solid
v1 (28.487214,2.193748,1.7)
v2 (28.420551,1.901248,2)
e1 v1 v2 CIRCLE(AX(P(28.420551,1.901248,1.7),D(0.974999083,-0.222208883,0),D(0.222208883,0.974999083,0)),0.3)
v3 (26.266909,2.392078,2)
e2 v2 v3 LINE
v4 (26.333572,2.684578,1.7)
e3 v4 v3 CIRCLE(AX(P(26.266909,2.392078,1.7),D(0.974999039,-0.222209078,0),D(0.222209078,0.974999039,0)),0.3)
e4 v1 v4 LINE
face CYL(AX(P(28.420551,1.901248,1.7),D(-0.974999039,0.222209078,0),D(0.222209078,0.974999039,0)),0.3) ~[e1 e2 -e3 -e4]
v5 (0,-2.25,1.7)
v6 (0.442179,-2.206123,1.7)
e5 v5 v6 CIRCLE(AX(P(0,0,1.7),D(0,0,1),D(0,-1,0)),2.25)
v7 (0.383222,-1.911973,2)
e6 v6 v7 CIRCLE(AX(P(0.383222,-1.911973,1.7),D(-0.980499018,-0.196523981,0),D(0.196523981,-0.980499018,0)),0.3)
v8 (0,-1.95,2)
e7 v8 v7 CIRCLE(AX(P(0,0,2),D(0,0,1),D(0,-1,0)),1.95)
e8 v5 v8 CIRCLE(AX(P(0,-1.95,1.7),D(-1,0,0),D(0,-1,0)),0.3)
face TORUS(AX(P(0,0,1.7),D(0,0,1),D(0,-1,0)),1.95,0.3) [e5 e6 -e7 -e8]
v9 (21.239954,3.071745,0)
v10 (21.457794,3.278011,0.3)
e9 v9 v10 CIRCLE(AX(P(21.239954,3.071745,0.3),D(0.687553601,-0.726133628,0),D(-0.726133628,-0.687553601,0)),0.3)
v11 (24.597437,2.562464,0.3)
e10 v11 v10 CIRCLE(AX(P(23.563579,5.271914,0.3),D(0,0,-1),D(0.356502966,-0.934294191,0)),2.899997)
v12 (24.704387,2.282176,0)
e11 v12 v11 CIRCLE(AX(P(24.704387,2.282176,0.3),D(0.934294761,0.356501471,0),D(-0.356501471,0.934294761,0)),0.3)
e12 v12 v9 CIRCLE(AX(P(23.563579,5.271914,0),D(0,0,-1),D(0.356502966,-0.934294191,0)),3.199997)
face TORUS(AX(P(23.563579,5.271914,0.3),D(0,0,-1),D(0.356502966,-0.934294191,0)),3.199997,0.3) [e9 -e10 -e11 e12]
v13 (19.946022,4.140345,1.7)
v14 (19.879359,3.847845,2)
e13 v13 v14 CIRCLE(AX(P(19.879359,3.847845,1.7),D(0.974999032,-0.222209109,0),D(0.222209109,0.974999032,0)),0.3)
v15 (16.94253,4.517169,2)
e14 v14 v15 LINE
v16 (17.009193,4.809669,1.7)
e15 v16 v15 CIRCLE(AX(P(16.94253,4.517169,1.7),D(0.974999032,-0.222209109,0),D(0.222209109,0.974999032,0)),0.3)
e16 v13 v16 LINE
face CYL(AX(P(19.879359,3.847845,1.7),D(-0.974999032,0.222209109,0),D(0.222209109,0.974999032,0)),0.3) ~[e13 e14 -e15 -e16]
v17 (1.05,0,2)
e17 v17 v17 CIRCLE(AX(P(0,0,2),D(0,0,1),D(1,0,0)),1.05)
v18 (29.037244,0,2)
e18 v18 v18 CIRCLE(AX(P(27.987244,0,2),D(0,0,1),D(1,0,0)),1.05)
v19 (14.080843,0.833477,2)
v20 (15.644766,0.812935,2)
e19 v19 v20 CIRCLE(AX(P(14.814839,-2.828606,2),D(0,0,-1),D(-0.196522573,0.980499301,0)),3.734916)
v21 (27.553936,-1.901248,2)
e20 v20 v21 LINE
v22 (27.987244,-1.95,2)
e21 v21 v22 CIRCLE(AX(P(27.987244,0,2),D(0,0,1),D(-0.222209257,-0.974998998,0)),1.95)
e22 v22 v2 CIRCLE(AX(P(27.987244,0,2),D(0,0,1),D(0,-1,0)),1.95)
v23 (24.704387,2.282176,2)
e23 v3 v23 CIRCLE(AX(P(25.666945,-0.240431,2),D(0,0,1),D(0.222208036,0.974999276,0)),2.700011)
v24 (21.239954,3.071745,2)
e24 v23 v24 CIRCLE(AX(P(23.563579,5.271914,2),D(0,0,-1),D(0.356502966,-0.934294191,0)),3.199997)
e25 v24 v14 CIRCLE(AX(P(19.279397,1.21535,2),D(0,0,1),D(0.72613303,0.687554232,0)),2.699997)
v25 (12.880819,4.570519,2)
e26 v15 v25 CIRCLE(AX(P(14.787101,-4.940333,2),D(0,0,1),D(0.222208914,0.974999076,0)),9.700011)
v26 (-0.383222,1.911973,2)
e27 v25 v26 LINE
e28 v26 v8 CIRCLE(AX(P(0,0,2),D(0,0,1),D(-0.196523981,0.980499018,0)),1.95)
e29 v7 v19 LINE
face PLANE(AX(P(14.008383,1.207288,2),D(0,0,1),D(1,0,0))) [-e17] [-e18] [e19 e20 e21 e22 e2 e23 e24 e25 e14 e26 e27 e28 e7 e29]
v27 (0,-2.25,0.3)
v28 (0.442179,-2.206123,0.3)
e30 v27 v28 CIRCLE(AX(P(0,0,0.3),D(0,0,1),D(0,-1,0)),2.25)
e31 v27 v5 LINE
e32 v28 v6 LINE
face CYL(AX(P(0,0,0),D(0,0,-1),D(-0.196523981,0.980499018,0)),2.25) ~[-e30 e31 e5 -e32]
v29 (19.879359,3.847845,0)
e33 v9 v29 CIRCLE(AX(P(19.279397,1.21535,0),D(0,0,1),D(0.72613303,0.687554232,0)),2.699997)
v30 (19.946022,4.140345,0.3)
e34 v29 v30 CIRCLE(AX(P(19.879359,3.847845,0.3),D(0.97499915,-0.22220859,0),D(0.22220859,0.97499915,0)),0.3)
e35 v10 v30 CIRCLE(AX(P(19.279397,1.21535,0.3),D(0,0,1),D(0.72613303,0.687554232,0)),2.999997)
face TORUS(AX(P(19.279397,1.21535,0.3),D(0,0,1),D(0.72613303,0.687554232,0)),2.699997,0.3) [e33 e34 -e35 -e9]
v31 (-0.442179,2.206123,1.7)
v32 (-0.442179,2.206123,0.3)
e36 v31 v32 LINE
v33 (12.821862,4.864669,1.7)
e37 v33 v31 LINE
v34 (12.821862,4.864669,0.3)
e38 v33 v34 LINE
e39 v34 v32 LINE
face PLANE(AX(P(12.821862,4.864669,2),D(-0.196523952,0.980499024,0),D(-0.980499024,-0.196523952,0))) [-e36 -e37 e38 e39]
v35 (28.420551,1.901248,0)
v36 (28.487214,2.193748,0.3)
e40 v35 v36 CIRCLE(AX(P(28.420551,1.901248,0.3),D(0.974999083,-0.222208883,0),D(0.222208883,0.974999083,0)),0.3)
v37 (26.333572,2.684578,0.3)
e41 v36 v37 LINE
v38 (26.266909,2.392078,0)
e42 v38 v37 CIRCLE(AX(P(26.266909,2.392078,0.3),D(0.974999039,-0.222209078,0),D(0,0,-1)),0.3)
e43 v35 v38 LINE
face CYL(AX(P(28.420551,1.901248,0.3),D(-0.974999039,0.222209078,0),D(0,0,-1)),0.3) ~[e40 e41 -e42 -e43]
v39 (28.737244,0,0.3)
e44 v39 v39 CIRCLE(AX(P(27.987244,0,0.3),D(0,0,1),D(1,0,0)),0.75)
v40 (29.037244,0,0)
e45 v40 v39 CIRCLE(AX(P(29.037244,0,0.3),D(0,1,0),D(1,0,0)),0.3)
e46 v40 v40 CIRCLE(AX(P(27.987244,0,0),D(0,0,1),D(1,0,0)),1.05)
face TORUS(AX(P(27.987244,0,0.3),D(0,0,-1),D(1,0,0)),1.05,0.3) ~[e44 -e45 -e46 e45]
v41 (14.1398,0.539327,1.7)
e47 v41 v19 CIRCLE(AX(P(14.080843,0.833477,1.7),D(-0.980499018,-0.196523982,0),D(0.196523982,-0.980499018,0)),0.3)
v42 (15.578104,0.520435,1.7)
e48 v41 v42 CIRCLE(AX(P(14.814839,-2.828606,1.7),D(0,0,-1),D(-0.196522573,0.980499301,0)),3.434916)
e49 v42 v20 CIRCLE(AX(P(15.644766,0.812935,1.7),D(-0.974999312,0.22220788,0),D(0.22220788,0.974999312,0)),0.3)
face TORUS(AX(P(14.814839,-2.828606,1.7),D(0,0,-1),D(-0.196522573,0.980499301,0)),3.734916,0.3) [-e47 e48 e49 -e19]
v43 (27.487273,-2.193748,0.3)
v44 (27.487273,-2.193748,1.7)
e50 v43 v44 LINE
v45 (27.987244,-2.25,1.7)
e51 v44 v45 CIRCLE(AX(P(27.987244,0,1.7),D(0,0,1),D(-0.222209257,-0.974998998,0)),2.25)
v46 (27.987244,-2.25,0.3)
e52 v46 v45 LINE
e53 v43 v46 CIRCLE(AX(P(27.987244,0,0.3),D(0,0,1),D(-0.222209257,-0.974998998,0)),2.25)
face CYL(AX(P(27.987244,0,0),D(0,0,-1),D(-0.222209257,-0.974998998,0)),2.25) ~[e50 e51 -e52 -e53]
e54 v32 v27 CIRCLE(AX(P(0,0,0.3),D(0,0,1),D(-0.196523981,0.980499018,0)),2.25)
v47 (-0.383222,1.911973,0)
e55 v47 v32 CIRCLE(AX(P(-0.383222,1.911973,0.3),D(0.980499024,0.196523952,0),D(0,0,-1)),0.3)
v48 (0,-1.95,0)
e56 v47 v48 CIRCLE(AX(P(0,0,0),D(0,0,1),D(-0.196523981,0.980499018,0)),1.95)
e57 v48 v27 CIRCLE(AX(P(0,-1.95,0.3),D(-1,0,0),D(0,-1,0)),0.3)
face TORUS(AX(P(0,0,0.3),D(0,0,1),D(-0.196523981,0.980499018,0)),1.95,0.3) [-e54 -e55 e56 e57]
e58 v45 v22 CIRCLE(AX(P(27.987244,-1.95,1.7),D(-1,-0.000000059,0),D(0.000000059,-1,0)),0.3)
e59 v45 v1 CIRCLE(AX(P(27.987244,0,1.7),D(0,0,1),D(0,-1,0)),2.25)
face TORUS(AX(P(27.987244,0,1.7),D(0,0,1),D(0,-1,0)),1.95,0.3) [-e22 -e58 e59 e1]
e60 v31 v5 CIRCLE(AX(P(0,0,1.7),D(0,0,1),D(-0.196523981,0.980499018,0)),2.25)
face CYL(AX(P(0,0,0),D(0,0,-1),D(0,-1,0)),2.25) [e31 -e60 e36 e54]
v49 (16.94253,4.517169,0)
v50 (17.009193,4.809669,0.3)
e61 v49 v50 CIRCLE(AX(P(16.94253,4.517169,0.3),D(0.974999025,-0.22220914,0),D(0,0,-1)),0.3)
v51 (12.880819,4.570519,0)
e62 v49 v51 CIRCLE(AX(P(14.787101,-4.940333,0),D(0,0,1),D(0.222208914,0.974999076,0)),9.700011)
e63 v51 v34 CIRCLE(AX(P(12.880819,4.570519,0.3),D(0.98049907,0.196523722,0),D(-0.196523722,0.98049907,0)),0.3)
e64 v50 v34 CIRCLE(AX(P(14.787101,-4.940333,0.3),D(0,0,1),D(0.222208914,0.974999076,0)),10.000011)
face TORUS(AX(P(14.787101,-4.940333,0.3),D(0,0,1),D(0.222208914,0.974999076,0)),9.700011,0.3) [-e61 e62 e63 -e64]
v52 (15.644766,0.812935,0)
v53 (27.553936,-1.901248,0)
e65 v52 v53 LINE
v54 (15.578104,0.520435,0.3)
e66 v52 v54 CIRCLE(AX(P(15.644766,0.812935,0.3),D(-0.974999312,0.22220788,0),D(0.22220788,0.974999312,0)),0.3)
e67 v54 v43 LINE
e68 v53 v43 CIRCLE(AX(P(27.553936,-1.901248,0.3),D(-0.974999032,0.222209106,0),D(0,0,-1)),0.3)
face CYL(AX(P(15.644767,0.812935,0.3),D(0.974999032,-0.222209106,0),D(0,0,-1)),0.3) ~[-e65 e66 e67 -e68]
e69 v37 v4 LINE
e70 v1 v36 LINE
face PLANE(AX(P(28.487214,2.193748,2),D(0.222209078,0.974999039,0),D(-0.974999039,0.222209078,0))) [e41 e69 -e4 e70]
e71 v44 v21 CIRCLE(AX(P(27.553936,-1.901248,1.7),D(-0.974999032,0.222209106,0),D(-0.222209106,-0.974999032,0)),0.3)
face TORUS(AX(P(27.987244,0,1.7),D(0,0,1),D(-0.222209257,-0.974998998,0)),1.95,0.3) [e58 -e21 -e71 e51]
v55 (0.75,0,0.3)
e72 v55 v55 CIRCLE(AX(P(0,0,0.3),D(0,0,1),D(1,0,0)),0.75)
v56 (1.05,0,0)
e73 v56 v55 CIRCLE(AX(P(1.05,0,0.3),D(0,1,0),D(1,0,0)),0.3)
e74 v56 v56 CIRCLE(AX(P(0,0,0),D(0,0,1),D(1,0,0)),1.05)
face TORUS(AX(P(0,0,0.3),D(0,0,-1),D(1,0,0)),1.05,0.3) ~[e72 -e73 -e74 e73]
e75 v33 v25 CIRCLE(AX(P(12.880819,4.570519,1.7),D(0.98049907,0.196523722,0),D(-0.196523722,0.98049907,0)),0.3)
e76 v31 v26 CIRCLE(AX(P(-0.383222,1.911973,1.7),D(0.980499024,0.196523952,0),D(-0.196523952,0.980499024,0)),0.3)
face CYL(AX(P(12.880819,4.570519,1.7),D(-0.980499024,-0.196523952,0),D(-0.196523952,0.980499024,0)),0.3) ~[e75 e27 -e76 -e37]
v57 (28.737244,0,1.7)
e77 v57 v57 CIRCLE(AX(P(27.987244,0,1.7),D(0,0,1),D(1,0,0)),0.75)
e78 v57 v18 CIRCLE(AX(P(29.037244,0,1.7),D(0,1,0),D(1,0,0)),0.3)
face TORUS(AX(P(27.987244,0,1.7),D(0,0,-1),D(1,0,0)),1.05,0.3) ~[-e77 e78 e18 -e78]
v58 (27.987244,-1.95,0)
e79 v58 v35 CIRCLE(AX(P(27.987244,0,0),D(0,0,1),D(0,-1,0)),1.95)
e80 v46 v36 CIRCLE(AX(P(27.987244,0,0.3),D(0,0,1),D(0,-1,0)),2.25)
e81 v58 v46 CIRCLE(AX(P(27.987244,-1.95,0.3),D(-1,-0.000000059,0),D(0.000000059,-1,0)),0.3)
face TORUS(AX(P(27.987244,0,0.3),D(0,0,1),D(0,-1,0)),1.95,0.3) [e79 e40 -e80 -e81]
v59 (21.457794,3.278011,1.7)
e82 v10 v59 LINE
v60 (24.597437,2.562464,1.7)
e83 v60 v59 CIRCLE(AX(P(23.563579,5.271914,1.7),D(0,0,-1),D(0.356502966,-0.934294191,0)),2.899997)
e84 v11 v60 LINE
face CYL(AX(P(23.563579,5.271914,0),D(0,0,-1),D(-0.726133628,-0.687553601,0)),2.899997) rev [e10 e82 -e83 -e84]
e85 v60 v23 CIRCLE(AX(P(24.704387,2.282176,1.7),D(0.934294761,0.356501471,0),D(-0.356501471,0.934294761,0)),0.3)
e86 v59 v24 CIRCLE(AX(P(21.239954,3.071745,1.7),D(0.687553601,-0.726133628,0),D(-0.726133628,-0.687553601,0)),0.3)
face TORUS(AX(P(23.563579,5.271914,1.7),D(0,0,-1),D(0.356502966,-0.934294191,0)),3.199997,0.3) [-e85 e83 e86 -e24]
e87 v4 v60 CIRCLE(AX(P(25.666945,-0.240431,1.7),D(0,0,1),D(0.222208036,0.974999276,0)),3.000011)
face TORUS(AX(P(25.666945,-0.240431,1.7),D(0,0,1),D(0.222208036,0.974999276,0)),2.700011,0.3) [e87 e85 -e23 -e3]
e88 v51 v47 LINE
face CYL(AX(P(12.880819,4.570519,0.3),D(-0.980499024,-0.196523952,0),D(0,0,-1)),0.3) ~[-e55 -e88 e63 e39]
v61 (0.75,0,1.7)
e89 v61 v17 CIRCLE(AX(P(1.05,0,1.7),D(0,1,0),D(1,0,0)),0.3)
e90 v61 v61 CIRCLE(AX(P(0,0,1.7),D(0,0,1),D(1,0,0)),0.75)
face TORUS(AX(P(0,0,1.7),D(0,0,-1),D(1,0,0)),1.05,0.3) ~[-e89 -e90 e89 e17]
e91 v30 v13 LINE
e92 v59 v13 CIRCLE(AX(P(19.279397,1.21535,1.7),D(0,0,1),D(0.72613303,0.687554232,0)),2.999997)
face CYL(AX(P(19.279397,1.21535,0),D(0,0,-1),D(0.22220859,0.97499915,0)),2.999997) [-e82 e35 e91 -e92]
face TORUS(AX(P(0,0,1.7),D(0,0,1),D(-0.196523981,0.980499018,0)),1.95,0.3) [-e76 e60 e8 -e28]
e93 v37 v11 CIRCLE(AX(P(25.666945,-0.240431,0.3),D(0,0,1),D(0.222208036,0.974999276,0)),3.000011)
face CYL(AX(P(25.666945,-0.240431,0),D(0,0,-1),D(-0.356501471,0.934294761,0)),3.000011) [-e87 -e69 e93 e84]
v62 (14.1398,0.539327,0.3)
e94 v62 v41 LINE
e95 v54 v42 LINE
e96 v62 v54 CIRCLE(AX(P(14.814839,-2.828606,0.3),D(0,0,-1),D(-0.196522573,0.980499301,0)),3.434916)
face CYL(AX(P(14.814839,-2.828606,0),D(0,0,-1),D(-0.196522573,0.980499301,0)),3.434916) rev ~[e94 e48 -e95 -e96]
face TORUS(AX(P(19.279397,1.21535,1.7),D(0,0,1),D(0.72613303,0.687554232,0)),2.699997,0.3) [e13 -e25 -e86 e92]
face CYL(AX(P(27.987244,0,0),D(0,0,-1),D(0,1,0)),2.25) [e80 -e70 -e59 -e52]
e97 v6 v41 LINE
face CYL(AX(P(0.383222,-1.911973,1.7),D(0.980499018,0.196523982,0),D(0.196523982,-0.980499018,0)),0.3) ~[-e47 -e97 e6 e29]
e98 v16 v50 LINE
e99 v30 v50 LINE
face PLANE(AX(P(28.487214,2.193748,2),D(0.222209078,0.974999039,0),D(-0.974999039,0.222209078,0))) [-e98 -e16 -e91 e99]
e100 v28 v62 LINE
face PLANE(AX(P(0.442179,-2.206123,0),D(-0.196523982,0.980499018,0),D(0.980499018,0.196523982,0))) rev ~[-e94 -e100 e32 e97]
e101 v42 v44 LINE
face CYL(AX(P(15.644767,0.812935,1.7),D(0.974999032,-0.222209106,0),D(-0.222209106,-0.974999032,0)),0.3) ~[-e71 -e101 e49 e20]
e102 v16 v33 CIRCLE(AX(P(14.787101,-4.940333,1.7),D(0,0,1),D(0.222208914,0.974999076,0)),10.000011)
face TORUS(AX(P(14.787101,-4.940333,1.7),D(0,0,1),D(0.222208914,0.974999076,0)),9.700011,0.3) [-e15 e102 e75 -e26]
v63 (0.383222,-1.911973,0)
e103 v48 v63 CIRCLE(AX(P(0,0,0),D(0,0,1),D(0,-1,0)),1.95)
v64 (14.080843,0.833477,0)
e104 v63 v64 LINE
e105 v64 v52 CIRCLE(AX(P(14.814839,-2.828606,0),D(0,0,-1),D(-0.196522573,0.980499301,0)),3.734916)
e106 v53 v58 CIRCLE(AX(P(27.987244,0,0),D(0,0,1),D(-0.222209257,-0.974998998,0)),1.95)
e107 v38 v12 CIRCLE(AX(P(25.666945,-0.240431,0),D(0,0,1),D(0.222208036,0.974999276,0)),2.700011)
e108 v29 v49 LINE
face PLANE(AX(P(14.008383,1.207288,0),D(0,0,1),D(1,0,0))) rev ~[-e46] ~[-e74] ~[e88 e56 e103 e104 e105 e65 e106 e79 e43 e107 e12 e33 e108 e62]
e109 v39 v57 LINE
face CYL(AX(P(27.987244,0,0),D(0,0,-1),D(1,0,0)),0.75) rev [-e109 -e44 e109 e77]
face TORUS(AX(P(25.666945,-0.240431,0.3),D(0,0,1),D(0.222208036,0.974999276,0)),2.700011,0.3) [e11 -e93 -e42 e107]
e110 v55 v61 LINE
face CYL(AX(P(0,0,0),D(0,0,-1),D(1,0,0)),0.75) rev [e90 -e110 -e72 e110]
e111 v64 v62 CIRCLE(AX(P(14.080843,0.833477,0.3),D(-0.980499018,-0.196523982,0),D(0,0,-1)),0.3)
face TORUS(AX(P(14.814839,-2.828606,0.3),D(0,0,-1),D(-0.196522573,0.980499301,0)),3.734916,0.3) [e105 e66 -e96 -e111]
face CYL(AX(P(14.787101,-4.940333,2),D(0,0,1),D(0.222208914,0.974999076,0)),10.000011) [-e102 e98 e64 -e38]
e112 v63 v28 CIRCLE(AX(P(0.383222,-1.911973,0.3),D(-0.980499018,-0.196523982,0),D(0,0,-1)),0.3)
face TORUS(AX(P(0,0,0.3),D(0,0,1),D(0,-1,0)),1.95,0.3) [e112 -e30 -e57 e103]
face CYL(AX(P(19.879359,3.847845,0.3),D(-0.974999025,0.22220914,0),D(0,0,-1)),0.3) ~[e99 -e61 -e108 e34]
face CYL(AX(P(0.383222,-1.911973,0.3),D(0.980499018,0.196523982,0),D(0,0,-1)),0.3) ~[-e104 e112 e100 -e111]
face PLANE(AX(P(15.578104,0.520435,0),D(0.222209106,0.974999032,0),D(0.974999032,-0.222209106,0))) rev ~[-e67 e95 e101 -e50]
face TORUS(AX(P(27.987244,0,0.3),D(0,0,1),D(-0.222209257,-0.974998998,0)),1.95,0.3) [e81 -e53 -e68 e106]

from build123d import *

# Parameters (mm, degrees)
SKETCH1_R               = 0.75
BOSS_EXTRUDE1_DEPTH     = 2
SKETCH3_OUTSIDE_W       = 41.059
SKETCH3_OUTSIDE_H       = 13.072
CUT_EXTRUDE4_DEPTH      = 3
SKETCH4_R               = 0.75
BOSS_EXTRUDE2_DEPTH     = 2
SKETCH6_R               = 1
CUT_EXTRUDE6_DEPTH      = 3
CUT_EXTRUDE6_DEPTH_BACK = 1
FILLET1_R               = 0.3


with BuildPart() as part:
    # Sketch1 → Boss-Extrude1 (new body)
    with BuildSketch(Plane.XY):
        with BuildLine():
            Line((0, 2.25), (27.987244, 2.25))
            ThreePointArc((27.987244, 2.25), (30.237244, 0), (27.987244, -2.25))
            Line((27.987244, -2.25), (0, -2.25))
            ThreePointArc((0, -2.25), (-2.25, 0), (0, 2.25))
        make_face()
        Circle(SKETCH1_R, mode=Mode.SUBTRACT)
        with Locations((27.987244, 0)):
            Circle(SKETCH1_R, mode=Mode.SUBTRACT)
    extrude(amount=BOSS_EXTRUDE1_DEPTH)

    # Sketch3 outside → Cut-Extrude4 (cut, through all)
    with BuildSketch(Plane.XY):
        with Locations((13.9935, 0)):
            Rectangle(SKETCH3_OUTSIDE_W, SKETCH3_OUTSIDE_H)
        with BuildLine():
            Line((0.442179, -2.206123), (14.1398, 0.539327))
            ThreePointArc((14.1398, 0.539327), (14.859952, 0.606014), (15.578104, 0.520435))
            Line((15.578104, 0.520435), (27.487273, -2.193748))
            ThreePointArc((27.487273, -2.193748), (30.180992, -0.49997), (28.487214, 2.193748))
            Line((28.487214, 2.193748), (17.009193, 4.809669))
            ThreePointArc((17.009193, 4.809669), (14.918439, 5.058816), (12.821862, 4.864669))
            Line((12.821862, 4.864669), (-0.442179, 2.206123))
            ThreePointArc((-0.442179, 2.206123), (-2.206123, -0.442179), (0.442179, -2.206123))
        make_face(mode=Mode.SUBTRACT)
    extrude(amount=CUT_EXTRUDE4_DEPTH, mode=Mode.SUBTRACT)

    # Sketch4 → Boss-Extrude2 (add)
    with BuildSketch(Plane.XY.offset(2)):
        with BuildLine():
            Line((12.821862, 4.864669), (-0.442179, 2.206123))
            ThreePointArc((-0.442179, 2.206123), (-2.206123, -0.442179), (0.442179, -2.206123))
            Line((0.442179, -2.206123), (14.1398, 0.539327))
            ThreePointArc((14.1398, 0.539327), (14.859952, 0.606014), (15.578104, 0.520435))
            Line((15.578104, 0.520435), (27.487273, -2.193748))
            ThreePointArc((27.487273, -2.193748), (30.180992, -0.49997), (28.487214, 2.193748))
            Line((28.487214, 2.193748), (17.009193, 4.809669))
            ThreePointArc((17.009193, 4.809669), (14.918439, 5.058816), (12.821862, 4.864669))
        make_face()
        with Locations((27.987244, 0)):
            Circle(SKETCH4_R, mode=Mode.SUBTRACT)
        Circle(SKETCH4_R, mode=Mode.SUBTRACT)
    extrude(amount=-BOSS_EXTRUDE2_DEPTH)

    # Sketch6 → Cut-Extrude6 (cut, two sides)
    with BuildSketch(Plane.XY) as cut_extrude6_sk:
        with BuildLine():
            Line((26.333572, 2.684578), (28.487214, 2.193748))
            Line((28.487214, 2.193748), (29.127227, 6.389132))
            Line((29.127227, 6.389132), (19.031577, 7.177512))
            Line((19.031577, 7.177512), (18.760134, 4.410617))
            Line((18.760134, 4.410617), (19.946022, 4.140345))
            ThreePointArc((19.946022, 4.140345), (20.765816, 3.821217), (21.457794, 3.278011))
            ThreePointArc((21.457794, 3.278011), (22.919174, 2.44442), (24.597437, 2.562464))
            ThreePointArc((24.597437, 2.562464), (25.456455, 2.752187), (26.333572, 2.684578))
        make_face()
        with Locations((23.56358, 5.271917)):
            Circle(SKETCH6_R, mode=Mode.SUBTRACT)
    extrude(amount=CUT_EXTRUDE6_DEPTH, mode=Mode.SUBTRACT)
    extrude(cut_extrude6_sk.sketch, amount=-CUT_EXTRUDE6_DEPTH_BACK, mode=Mode.SUBTRACT)

    # Fillet1
    fillet1_edges = [part.edges().sort_by_distance(p)[0] for p in [
        (27.237244, 0, 0),
        (-0.75, 0, 0),
        (7.290989, -0.833398, 0),
        (14.859952, 0.606014, 0),
        (21.532689, -0.836656, 0),
        (30.223137, -0.251562, 0),
        (17.884663, 4.610143, 2),
        (17.884663, 4.610143, 0),
        (27.410393, 2.439163, 2),
        (27.410393, 2.439163, 0),
        (14.918439, 5.058816, 2),
        (14.918439, 5.058816, 0),
        (6.189842, 3.535396, 2),
        (6.189842, 3.535396, 0),
        (-2.239004, -0.222175, 0),
        (27.237244, 0, 2),
        (-0.75, 0, 2),
        (30.223137, -0.251562, 2),
        (21.532689, -0.836656, 2),
        (14.859952, 0.606014, 2),
        (7.290989, -0.833398, 2),
        (-2.239004, -0.222175, 2),
        (20.765816, 3.821217, 0),
        (25.456455, 2.752187, 0),
        (22.919174, 2.44442, 0),
        (20.765816, 3.821217, 2),
        (22.919174, 2.44442, 2),
        (25.456455, 2.752187, 2),
    ]]
    fillet(fillet1_edges, radius=FILLET1_R)


solid = part.part
